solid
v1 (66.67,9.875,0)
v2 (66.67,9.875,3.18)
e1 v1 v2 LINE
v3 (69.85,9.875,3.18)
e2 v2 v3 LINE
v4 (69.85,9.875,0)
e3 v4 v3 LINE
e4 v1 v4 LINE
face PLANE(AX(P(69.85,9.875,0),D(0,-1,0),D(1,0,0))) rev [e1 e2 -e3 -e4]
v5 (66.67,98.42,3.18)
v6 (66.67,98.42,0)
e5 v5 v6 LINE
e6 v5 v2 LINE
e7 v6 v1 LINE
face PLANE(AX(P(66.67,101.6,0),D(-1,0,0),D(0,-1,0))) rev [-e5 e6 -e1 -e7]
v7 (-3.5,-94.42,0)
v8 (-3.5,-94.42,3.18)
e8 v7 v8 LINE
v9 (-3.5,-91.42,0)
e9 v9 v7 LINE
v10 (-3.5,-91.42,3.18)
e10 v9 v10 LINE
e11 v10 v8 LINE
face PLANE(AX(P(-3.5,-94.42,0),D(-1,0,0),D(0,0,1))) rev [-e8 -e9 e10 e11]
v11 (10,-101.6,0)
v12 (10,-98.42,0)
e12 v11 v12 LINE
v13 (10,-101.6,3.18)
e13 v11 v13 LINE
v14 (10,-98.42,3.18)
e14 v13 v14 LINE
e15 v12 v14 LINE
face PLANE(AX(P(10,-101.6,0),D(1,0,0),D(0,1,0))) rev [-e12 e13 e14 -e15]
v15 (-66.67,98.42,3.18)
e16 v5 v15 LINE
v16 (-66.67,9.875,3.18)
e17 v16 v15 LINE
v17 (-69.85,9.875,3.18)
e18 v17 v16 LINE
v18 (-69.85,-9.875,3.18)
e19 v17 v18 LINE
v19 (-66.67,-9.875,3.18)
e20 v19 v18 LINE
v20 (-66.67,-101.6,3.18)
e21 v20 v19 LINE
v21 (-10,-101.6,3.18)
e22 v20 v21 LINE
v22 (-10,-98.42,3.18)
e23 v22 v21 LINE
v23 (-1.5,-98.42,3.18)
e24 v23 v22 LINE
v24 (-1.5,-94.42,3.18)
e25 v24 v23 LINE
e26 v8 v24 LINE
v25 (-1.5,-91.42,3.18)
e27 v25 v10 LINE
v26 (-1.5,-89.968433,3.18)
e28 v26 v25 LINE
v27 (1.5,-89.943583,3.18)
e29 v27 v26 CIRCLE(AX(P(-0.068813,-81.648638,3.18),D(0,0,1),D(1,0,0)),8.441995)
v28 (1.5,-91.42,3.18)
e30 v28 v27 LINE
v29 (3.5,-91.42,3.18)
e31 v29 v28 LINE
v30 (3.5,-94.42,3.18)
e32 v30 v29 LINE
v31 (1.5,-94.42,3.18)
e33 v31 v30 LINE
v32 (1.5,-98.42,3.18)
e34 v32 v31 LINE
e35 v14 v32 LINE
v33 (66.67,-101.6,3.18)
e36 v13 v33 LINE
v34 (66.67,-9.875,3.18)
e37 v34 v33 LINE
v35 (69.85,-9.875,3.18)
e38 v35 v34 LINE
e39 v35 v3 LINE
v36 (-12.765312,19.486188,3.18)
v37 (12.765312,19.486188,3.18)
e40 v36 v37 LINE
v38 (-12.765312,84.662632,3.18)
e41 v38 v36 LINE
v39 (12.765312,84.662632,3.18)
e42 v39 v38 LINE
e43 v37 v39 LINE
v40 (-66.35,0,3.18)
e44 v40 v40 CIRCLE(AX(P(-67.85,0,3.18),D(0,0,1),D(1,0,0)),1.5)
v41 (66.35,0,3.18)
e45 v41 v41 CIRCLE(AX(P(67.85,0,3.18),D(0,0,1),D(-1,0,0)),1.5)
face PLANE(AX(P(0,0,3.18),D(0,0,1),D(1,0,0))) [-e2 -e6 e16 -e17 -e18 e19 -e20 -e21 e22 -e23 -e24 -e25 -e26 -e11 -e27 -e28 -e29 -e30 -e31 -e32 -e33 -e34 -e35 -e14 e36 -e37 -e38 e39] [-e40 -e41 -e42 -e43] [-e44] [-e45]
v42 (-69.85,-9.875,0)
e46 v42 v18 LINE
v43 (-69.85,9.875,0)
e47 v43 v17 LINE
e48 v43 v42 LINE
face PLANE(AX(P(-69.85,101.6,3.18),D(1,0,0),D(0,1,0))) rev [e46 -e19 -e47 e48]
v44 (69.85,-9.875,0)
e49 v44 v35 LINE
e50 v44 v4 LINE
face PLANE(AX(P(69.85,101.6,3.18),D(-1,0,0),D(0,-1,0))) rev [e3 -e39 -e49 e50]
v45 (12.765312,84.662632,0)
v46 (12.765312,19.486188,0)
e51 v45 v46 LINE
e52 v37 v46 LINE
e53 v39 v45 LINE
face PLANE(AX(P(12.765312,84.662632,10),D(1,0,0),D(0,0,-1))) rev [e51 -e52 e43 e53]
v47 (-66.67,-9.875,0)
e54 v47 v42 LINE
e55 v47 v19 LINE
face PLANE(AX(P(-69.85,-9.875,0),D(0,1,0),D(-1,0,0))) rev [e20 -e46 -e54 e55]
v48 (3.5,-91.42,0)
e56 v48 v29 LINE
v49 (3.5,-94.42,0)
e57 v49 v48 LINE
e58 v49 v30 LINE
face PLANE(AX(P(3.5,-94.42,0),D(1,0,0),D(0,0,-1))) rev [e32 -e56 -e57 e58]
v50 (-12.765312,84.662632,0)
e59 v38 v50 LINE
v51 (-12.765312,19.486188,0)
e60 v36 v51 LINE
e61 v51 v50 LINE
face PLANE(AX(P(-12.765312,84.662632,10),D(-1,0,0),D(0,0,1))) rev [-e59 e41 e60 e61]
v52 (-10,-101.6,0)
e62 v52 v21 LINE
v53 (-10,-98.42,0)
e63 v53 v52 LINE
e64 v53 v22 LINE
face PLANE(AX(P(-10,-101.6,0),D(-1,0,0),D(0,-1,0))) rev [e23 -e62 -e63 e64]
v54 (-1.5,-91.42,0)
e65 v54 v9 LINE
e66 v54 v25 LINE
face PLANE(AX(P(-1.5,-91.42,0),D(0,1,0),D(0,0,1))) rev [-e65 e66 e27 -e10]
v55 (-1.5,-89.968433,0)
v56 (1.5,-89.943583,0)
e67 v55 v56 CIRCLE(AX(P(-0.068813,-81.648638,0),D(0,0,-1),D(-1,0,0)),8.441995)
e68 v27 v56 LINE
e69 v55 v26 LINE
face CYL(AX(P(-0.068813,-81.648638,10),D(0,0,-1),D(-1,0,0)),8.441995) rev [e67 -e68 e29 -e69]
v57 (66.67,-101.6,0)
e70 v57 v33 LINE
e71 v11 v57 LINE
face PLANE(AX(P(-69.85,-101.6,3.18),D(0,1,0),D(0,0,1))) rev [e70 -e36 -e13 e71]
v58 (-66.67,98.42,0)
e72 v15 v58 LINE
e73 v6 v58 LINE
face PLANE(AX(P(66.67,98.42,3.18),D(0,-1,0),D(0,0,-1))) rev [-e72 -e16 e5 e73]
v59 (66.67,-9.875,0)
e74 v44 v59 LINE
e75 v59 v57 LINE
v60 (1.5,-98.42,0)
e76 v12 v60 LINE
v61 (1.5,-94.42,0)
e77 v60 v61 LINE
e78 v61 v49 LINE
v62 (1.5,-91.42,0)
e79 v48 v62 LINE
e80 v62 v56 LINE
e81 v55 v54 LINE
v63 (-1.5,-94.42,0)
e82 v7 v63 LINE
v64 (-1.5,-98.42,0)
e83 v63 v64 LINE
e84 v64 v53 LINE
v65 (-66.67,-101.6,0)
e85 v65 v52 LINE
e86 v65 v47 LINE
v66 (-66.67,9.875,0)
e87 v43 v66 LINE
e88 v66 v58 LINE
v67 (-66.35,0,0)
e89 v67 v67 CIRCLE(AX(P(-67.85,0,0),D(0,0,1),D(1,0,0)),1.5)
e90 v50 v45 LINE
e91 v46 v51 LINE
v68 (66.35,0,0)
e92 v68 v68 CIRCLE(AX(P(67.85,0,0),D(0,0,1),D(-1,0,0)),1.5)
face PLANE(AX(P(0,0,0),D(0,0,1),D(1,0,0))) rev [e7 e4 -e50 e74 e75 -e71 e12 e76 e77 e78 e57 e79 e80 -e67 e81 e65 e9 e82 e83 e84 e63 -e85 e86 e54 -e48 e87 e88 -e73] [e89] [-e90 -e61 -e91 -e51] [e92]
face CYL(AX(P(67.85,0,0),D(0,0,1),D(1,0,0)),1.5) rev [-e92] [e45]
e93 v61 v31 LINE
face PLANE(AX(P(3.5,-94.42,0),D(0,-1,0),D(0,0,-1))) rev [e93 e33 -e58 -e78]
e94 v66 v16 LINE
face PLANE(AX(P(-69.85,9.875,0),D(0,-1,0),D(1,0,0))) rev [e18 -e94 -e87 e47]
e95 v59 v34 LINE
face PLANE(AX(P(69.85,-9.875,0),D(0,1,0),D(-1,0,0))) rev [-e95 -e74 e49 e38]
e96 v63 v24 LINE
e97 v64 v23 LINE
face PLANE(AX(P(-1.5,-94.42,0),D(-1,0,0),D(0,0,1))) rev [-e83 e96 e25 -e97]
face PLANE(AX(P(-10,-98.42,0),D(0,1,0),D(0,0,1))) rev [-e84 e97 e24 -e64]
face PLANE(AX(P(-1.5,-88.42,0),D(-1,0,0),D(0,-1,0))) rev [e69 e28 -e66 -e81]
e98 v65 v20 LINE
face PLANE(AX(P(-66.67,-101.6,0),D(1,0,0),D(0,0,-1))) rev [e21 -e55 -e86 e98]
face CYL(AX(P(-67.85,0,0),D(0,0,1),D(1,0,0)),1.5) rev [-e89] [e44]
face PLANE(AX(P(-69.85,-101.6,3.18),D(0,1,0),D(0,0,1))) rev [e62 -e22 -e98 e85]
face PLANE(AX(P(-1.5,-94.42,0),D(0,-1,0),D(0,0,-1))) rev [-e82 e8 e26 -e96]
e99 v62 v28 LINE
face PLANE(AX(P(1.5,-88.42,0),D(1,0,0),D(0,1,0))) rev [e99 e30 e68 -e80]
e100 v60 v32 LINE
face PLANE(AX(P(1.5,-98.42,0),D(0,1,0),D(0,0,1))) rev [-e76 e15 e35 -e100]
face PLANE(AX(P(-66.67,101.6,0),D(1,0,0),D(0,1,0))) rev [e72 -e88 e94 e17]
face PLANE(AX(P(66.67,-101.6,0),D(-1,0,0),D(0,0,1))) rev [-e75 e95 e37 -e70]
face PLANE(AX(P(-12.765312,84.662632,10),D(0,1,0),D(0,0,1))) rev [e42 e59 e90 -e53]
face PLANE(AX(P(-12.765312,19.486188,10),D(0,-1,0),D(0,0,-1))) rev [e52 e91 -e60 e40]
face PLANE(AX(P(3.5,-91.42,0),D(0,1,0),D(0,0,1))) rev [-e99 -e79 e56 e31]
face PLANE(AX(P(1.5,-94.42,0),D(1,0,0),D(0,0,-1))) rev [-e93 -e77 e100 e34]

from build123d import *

# Parameters (mm, degrees)
SKETCH1_W           = 139.7
SKETCH1_H           = 203.2
BOSS_EXTRUDE1_DEPTH = 3.18
SKETCH2_R           = 1.5
SKETCH2_W           = 3.18
SKETCH2_H           = 91.725
CUT_EXTRUDE1_DEPTH  = 4.18
SKETCH3_R           = 8.441994665
CUT_EXTRUDE2_DEPTH  = 10
SKETCH5_W           = 25.530623926
SKETCH5_H           = 65.176444071
CUT_EXTRUDE3_DEPTH  = 10
SKETCH6_W           = 20.542742003
SKETCH6_H           = 14.404591712
BOSS_EXTRUDE2_DEPTH = 3.18
SKETCH7_W           = 56.63400571
SKETCH7_H           = 3.18
SKETCH7_W_2         = 56.95599429
CUT_EXTRUDE4_DEPTH  = 3.18
SKETCH8_W           = 3.18
SKETCH8_H           = 3.18
CUT_EXTRUDE5_DEPTH  = 80.56400571


with BuildPart() as part:
    # Sketch1 → Boss-Extrude1 (new body)
    with BuildSketch(Plane.XY):
        Rectangle(SKETCH1_W, SKETCH1_H)
    extrude(amount=BOSS_EXTRUDE1_DEPTH)

    # Sketch2 → Cut-Extrude1 (cut, through all)
    with BuildSketch(Plane.XY.offset(3.18)):
        with Locations((-67.85, 0)):
            Circle(SKETCH2_R)
        with Locations((67.85, 0)):
            Circle(SKETCH2_R)
        Polygon((-10, 101.6), (10, 101.6), (10, 98.42), (1.5, 98.42), (1.5, 94.42), (3.5, 94.42), (3.5, 91.42), (1.5, 91.42), (1.5, 88.42), (-1.5, 88.42), (-1.5, 91.42), (-3.5, 91.42), (-3.5, 94.42), (-1.5, 94.42), (-1.5, 98.42), (-10, 98.42), align=None)
        Polygon((-10, -101.6), (-10, -98.42), (-1.5, -98.42), (-1.5, -94.42), (-3.5, -94.42), (-3.5, -91.42), (-1.5, -91.42), (-1.5, -88.42), (1.5, -88.42), (1.5, -91.42), (3.5, -91.42), (3.5, -94.42), (1.5, -94.42), (1.5, -98.42), (10, -98.42), (10, -101.6), align=None)
        with Locations((-68.26, 55.7375)):
            Rectangle(SKETCH2_W, SKETCH2_H)
        with Locations((-68.26, -55.7375)):
            Rectangle(SKETCH2_W, SKETCH2_H)
        with Locations((68.26, -55.7375)):
            Rectangle(SKETCH2_W, SKETCH2_H)
        with Locations((68.26, 55.7375)):
            Rectangle(SKETCH2_W, SKETCH2_H)
    extrude(amount=-CUT_EXTRUDE1_DEPTH, mode=Mode.SUBTRACT)

    # Sketch3 → Cut-Extrude2 (cut)
    with BuildSketch(Plane(origin=(0, 0, 0), x_dir=(-1, 0, 0), z_dir=(0, 0, -1))):
        with Locations((0.068813102, -81.648638462)):
            Circle(SKETCH3_R)
    extrude(amount=-CUT_EXTRUDE2_DEPTH, mode=Mode.SUBTRACT)

    # Sketch5 → Cut-Extrude3 (cut)
    with BuildSketch(Plane(origin=(0, 0, 0), x_dir=(-1, 0, 0), z_dir=(0, 0, -1))):
        with Locations((0, 52.074409839)):
            Rectangle(SKETCH5_W, SKETCH5_H)
    extrude(amount=-CUT_EXTRUDE3_DEPTH, mode=Mode.SUBTRACT)

    # Sketch6 → Boss-Extrude2 (add)
    with BuildSketch(Plane(origin=(0, 0, 0), x_dir=(-1, 0, 0), z_dir=(0, 0, -1))):
        with Locations((0.271371002, 94.397704144)):
            Rectangle(SKETCH6_W, SKETCH6_H)
    extrude(amount=-BOSS_EXTRUDE2_DEPTH)

    # Sketch7 → Cut-Extrude4 (cut)
    with BuildSketch(Plane(origin=(0, 0, 0), x_dir=(-1, 0, 0), z_dir=(0, 0, -1))):
        with Locations((-38.352997145, 100.01)):
            Rectangle(SKETCH7_W, SKETCH7_H)
        with Locations((38.192002855, 100.01)):
            Rectangle(SKETCH7_W_2, SKETCH7_H)
    extrude(amount=-CUT_EXTRUDE4_DEPTH, mode=Mode.SUBTRACT)

    # Sketch8 → Cut-Extrude5 (cut, through all)
    with BuildSketch(Plane.ZY.offset(9.71400571)):
        with Locations((1.59, 100.01)):
            Rectangle(SKETCH8_W, SKETCH8_H)
    extrude(amount=-CUT_EXTRUDE5_DEPTH, mode=Mode.SUBTRACT)


solid = part.part
